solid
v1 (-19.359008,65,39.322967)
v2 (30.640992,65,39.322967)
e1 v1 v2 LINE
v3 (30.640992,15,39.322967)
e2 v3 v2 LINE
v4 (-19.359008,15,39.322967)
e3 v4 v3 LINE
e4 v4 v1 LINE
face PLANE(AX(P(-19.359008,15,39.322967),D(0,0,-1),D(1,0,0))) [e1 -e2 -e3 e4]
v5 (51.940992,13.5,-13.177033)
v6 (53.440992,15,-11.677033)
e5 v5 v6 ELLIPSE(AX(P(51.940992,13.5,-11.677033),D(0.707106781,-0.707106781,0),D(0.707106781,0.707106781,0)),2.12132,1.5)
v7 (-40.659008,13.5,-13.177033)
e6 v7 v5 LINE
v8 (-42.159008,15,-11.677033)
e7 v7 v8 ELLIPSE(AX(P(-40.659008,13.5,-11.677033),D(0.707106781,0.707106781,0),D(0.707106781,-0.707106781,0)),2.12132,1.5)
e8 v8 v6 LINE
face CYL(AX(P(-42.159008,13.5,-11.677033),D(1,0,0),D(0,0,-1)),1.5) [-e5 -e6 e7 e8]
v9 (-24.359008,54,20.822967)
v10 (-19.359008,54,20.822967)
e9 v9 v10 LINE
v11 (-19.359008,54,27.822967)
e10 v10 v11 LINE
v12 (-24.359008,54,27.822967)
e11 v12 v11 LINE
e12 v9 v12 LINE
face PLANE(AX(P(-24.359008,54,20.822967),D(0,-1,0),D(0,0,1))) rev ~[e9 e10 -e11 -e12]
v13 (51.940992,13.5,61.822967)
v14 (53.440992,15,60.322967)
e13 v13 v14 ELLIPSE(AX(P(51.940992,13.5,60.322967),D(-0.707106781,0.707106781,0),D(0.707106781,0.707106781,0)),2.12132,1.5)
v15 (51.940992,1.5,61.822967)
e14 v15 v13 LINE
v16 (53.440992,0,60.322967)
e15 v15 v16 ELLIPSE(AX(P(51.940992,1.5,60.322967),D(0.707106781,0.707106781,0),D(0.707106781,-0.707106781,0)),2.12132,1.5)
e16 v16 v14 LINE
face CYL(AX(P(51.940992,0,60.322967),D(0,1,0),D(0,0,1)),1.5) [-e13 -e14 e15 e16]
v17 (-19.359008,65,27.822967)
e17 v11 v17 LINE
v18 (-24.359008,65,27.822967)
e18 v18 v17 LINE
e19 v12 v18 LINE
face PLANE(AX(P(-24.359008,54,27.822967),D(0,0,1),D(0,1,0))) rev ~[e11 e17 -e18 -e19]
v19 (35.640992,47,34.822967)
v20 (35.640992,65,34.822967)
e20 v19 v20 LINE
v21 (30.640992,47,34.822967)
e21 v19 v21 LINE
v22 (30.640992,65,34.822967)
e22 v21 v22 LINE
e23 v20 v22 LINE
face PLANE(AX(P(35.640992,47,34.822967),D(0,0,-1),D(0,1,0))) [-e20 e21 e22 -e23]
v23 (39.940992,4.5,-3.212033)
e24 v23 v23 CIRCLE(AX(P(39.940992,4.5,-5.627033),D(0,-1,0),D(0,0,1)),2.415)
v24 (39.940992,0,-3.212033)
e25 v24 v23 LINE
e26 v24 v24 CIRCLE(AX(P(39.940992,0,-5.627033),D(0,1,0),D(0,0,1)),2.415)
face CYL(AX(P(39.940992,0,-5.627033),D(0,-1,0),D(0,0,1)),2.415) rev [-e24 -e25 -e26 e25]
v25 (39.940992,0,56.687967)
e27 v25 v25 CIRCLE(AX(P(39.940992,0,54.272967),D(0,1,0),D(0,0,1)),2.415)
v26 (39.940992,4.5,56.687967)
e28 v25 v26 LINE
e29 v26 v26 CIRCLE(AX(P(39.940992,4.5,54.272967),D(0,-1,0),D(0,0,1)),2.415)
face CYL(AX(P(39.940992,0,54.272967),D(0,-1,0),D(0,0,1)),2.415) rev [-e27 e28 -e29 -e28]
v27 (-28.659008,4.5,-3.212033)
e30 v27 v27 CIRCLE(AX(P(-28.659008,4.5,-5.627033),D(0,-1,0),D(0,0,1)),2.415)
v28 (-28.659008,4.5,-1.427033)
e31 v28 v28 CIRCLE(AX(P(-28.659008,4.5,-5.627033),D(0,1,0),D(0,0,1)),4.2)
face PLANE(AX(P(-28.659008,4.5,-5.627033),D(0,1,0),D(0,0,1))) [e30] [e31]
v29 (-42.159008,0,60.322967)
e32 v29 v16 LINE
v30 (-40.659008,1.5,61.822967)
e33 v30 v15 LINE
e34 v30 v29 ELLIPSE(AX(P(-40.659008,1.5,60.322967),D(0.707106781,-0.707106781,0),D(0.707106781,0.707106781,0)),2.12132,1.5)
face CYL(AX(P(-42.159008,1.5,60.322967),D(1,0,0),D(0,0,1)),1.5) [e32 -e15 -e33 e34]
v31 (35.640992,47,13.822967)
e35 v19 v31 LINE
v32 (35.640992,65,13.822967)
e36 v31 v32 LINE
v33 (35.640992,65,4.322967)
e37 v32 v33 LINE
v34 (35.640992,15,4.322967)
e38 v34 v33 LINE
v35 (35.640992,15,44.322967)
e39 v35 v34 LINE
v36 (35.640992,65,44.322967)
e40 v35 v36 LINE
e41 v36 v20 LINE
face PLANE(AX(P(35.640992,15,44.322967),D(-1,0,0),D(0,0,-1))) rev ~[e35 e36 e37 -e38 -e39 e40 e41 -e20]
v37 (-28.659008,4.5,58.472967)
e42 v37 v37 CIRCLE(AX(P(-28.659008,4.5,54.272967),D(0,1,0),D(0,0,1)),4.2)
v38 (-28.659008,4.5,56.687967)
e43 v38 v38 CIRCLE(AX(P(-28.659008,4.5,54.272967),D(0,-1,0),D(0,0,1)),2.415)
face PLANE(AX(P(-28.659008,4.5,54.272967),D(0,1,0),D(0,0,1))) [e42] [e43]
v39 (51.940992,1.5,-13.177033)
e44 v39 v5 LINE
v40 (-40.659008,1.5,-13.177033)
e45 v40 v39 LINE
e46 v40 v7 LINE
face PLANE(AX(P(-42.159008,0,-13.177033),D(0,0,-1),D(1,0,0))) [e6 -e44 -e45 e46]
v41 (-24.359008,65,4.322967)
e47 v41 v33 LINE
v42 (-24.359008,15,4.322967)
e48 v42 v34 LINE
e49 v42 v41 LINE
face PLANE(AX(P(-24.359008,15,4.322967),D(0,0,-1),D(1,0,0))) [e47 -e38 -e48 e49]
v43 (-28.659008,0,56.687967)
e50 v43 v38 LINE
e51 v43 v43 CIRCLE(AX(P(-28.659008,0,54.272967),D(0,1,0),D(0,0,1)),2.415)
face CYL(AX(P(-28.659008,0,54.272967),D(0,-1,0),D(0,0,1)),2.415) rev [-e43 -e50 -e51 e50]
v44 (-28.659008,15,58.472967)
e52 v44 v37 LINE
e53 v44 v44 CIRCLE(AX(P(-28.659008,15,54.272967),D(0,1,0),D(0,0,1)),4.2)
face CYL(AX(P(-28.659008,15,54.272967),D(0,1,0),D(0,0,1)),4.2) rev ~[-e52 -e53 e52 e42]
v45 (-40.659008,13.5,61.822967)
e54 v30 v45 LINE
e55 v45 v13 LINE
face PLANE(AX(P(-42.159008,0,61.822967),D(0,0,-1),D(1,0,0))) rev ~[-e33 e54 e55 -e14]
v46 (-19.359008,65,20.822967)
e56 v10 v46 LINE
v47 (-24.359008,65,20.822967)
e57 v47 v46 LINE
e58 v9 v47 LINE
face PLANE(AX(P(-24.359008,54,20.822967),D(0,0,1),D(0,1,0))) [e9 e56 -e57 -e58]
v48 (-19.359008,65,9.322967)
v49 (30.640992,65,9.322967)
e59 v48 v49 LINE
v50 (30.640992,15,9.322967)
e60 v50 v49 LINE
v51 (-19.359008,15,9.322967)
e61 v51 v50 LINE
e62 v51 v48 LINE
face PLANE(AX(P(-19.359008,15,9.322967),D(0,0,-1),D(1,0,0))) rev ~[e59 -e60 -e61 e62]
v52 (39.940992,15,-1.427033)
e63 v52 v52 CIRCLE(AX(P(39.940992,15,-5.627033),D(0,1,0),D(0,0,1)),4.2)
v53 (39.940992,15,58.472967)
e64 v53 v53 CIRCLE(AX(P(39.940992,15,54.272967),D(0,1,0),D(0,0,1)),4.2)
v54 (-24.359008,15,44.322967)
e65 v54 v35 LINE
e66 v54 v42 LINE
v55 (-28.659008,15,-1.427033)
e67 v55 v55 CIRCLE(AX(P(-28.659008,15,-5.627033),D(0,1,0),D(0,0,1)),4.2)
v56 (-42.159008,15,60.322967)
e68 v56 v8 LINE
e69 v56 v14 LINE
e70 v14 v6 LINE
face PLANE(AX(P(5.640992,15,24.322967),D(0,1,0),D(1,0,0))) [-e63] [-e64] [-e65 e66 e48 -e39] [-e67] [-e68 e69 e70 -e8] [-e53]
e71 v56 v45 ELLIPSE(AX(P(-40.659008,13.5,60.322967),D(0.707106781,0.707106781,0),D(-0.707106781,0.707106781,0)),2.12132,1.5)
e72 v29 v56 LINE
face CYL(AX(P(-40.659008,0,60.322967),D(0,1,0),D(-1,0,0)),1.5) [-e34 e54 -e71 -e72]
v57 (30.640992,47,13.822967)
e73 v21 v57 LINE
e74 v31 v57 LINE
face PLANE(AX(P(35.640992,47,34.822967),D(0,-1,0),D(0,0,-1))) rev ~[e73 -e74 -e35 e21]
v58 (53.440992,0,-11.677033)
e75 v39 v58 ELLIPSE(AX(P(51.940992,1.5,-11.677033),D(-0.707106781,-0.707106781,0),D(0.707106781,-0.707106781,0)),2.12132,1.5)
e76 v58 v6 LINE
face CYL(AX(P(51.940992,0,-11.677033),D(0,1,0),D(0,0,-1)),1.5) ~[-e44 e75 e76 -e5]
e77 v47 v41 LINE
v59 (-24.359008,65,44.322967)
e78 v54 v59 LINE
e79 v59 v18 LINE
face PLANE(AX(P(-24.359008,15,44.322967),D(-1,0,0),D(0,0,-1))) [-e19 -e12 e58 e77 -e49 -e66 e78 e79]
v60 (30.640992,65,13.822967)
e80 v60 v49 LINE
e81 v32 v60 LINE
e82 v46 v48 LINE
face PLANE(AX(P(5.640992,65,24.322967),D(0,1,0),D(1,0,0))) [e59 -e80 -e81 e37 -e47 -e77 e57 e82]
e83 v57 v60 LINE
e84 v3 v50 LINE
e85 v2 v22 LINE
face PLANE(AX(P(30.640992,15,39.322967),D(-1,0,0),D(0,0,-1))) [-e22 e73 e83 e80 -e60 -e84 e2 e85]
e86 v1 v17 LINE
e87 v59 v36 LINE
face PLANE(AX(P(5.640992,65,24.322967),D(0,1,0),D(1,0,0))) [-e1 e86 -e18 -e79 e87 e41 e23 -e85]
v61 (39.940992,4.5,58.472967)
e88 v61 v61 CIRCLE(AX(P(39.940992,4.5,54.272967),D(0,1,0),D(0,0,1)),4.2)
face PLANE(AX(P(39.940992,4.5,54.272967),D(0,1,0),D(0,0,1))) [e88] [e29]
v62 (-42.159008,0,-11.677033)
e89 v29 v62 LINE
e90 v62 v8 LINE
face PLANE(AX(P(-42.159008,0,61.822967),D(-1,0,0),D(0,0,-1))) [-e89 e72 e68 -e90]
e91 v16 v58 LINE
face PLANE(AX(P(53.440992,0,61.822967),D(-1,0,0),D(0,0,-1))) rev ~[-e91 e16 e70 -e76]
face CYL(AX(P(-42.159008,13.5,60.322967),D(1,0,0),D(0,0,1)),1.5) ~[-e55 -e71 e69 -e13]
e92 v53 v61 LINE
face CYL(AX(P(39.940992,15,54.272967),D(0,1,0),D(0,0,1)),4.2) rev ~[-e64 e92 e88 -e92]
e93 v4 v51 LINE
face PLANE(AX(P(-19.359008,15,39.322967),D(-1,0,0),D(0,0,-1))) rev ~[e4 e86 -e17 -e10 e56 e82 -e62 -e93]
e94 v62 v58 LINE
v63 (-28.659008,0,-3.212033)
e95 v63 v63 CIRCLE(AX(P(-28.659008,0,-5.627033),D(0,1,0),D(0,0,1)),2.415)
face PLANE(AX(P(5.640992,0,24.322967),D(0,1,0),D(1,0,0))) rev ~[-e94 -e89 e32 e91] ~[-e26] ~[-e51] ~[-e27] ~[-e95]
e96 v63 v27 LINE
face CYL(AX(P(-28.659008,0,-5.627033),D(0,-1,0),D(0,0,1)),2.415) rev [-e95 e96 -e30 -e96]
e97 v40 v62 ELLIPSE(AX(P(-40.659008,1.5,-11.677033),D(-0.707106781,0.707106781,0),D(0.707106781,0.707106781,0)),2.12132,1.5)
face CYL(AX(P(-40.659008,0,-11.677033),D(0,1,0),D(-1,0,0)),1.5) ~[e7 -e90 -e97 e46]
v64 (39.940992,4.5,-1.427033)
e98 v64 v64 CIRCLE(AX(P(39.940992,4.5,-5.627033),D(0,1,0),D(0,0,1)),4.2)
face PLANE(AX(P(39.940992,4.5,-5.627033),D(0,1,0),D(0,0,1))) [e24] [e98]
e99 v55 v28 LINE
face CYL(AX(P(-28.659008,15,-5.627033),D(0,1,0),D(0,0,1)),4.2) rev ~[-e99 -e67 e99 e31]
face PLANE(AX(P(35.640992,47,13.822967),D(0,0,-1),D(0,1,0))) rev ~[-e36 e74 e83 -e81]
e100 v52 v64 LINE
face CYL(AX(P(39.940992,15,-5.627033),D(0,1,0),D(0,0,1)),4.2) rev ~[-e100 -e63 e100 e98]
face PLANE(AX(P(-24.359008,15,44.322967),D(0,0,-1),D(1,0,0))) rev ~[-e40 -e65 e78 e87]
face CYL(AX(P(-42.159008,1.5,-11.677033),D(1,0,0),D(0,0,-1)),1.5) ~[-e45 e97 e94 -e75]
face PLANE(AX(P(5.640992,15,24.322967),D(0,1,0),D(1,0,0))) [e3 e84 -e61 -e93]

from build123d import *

# Parameters (mm, degrees)
SKETCH_1_W          = 95.6
SKETCH_1_H          = 75
SKETCH_1_R          = 2.415
EXTRUDE_1_DEPTH     = 15
FILLET_1_R          = 1.5
SKETCH_2_W          = 60
SKETCH_2_H          = 40
SKETCH_2_W_2        = 50
SKETCH_2_H_2        = 30
EXTRUDE_2_DEPTH     = 50
SKETCH_3_R          = 4.2
CUT_EXTRUDE_1_DEPTH = 10.5
SKETCH_5_W          = 21
SKETCH_5_H          = 18
CUT_EXTRUDE_2_DEPTH = 5
SKETCH_6_W          = 7
SKETCH_6_H          = 11
CUT_EXTRUDE_3_DEPTH = 5


with BuildPart() as part:
    # 草圖1 → 填料-伸長1 (new body)
    with BuildSketch(Plane(origin=(0, 0, 0), x_dir=(1, 0, 0), z_dir=(0, 1, 0))):
        with Locations((5.640991766, -24.322966942)):
            Rectangle(SKETCH_1_W, SKETCH_1_H)
        with Locations(Location((-28.659008234, -54.272966942, 0), (0, 0, 270))):
            Circle(SKETCH_1_R, mode=Mode.SUBTRACT)
        with Locations(Location((-28.659008234, 5.627033058, 0), (0, 0, 270))):
            Circle(SKETCH_1_R, mode=Mode.SUBTRACT)
        with Locations(Location((39.940991766, 5.627033058, 0), (0, 0, 270))):
            Circle(SKETCH_1_R, mode=Mode.SUBTRACT)
        with Locations(Location((39.940991766, -54.272966942, 0), (0, 0, 270))):
            Circle(SKETCH_1_R, mode=Mode.SUBTRACT)
    extrude(amount=EXTRUDE_1_DEPTH)

    # 圓角1
    fillet_1_edges = [part.edges().sort_by_distance(p)[0] for p in [
        (5.640991766, 15, -13.177033058),
        (5.640991766, 0, -13.177033058),
        (5.640991766, 0, 61.822966942),
        (-42.159008234, 7.5, -13.177033058),
        (53.440991766, 7.5, -13.177033058),
        (53.440991766, 7.5, 61.822966942),
        (-42.159008234, 7.5, 61.822966942),
        (5.640991766, 15, 61.822966942),
    ]]
    fillet(fillet_1_edges, radius=FILLET_1_R)

    # 草圖2 → 填料-伸長2 (add)
    with BuildSketch(Plane(origin=(0, 15, 0), x_dir=(1, 0, 0), z_dir=(0, 1, 0))):
        with Locations((5.640991766, -24.322966942)):
            Rectangle(SKETCH_2_W, SKETCH_2_H)
        with Locations((5.640991766, -24.322966942)):
            Rectangle(SKETCH_2_W_2, SKETCH_2_H_2, mode=Mode.SUBTRACT)
    extrude(amount=EXTRUDE_2_DEPTH)

    # 草圖3 → 除料-伸長1 (cut)
    with BuildSketch(Plane(origin=(0, 15, 0), x_dir=(1, 0, 0), z_dir=(0, 1, 0))):
        with Locations(Location((-28.659008234, 5.627033058, 0), (0, 0, 270))):
            Circle(SKETCH_3_R)
        with Locations(Location((39.940991766, 5.627033058, 0), (0, 0, 270))):
            Circle(SKETCH_3_R)
        with Locations(Location((39.940991766, -54.272966942, 0), (0, 0, 270))):
            Circle(SKETCH_3_R)
        with Locations(Location((-28.659008234, -54.272966942, 0), (0, 0, 270))):
            Circle(SKETCH_3_R)
    extrude(amount=-CUT_EXTRUDE_1_DEPTH, mode=Mode.SUBTRACT)

    # 草圖5 → 除料-伸長2 (cut)
    with BuildSketch(Plane(origin=(35.640991766, 0, 0), x_dir=(0, 0, -1), z_dir=(1, 0, 0))):
        with Locations((-24.322966942, 56)):
            Rectangle(SKETCH_5_W, SKETCH_5_H)
    extrude(amount=-CUT_EXTRUDE_2_DEPTH, mode=Mode.SUBTRACT)

    # 草圖6 → 除料-伸長3 (cut)
    with BuildSketch(Plane.ZY.offset(24.359008234)):
        with Locations((24.322966942, 59.5)):
            Rectangle(SKETCH_6_W, SKETCH_6_H)
    extrude(amount=-CUT_EXTRUDE_3_DEPTH, mode=Mode.SUBTRACT)


solid = part.part
